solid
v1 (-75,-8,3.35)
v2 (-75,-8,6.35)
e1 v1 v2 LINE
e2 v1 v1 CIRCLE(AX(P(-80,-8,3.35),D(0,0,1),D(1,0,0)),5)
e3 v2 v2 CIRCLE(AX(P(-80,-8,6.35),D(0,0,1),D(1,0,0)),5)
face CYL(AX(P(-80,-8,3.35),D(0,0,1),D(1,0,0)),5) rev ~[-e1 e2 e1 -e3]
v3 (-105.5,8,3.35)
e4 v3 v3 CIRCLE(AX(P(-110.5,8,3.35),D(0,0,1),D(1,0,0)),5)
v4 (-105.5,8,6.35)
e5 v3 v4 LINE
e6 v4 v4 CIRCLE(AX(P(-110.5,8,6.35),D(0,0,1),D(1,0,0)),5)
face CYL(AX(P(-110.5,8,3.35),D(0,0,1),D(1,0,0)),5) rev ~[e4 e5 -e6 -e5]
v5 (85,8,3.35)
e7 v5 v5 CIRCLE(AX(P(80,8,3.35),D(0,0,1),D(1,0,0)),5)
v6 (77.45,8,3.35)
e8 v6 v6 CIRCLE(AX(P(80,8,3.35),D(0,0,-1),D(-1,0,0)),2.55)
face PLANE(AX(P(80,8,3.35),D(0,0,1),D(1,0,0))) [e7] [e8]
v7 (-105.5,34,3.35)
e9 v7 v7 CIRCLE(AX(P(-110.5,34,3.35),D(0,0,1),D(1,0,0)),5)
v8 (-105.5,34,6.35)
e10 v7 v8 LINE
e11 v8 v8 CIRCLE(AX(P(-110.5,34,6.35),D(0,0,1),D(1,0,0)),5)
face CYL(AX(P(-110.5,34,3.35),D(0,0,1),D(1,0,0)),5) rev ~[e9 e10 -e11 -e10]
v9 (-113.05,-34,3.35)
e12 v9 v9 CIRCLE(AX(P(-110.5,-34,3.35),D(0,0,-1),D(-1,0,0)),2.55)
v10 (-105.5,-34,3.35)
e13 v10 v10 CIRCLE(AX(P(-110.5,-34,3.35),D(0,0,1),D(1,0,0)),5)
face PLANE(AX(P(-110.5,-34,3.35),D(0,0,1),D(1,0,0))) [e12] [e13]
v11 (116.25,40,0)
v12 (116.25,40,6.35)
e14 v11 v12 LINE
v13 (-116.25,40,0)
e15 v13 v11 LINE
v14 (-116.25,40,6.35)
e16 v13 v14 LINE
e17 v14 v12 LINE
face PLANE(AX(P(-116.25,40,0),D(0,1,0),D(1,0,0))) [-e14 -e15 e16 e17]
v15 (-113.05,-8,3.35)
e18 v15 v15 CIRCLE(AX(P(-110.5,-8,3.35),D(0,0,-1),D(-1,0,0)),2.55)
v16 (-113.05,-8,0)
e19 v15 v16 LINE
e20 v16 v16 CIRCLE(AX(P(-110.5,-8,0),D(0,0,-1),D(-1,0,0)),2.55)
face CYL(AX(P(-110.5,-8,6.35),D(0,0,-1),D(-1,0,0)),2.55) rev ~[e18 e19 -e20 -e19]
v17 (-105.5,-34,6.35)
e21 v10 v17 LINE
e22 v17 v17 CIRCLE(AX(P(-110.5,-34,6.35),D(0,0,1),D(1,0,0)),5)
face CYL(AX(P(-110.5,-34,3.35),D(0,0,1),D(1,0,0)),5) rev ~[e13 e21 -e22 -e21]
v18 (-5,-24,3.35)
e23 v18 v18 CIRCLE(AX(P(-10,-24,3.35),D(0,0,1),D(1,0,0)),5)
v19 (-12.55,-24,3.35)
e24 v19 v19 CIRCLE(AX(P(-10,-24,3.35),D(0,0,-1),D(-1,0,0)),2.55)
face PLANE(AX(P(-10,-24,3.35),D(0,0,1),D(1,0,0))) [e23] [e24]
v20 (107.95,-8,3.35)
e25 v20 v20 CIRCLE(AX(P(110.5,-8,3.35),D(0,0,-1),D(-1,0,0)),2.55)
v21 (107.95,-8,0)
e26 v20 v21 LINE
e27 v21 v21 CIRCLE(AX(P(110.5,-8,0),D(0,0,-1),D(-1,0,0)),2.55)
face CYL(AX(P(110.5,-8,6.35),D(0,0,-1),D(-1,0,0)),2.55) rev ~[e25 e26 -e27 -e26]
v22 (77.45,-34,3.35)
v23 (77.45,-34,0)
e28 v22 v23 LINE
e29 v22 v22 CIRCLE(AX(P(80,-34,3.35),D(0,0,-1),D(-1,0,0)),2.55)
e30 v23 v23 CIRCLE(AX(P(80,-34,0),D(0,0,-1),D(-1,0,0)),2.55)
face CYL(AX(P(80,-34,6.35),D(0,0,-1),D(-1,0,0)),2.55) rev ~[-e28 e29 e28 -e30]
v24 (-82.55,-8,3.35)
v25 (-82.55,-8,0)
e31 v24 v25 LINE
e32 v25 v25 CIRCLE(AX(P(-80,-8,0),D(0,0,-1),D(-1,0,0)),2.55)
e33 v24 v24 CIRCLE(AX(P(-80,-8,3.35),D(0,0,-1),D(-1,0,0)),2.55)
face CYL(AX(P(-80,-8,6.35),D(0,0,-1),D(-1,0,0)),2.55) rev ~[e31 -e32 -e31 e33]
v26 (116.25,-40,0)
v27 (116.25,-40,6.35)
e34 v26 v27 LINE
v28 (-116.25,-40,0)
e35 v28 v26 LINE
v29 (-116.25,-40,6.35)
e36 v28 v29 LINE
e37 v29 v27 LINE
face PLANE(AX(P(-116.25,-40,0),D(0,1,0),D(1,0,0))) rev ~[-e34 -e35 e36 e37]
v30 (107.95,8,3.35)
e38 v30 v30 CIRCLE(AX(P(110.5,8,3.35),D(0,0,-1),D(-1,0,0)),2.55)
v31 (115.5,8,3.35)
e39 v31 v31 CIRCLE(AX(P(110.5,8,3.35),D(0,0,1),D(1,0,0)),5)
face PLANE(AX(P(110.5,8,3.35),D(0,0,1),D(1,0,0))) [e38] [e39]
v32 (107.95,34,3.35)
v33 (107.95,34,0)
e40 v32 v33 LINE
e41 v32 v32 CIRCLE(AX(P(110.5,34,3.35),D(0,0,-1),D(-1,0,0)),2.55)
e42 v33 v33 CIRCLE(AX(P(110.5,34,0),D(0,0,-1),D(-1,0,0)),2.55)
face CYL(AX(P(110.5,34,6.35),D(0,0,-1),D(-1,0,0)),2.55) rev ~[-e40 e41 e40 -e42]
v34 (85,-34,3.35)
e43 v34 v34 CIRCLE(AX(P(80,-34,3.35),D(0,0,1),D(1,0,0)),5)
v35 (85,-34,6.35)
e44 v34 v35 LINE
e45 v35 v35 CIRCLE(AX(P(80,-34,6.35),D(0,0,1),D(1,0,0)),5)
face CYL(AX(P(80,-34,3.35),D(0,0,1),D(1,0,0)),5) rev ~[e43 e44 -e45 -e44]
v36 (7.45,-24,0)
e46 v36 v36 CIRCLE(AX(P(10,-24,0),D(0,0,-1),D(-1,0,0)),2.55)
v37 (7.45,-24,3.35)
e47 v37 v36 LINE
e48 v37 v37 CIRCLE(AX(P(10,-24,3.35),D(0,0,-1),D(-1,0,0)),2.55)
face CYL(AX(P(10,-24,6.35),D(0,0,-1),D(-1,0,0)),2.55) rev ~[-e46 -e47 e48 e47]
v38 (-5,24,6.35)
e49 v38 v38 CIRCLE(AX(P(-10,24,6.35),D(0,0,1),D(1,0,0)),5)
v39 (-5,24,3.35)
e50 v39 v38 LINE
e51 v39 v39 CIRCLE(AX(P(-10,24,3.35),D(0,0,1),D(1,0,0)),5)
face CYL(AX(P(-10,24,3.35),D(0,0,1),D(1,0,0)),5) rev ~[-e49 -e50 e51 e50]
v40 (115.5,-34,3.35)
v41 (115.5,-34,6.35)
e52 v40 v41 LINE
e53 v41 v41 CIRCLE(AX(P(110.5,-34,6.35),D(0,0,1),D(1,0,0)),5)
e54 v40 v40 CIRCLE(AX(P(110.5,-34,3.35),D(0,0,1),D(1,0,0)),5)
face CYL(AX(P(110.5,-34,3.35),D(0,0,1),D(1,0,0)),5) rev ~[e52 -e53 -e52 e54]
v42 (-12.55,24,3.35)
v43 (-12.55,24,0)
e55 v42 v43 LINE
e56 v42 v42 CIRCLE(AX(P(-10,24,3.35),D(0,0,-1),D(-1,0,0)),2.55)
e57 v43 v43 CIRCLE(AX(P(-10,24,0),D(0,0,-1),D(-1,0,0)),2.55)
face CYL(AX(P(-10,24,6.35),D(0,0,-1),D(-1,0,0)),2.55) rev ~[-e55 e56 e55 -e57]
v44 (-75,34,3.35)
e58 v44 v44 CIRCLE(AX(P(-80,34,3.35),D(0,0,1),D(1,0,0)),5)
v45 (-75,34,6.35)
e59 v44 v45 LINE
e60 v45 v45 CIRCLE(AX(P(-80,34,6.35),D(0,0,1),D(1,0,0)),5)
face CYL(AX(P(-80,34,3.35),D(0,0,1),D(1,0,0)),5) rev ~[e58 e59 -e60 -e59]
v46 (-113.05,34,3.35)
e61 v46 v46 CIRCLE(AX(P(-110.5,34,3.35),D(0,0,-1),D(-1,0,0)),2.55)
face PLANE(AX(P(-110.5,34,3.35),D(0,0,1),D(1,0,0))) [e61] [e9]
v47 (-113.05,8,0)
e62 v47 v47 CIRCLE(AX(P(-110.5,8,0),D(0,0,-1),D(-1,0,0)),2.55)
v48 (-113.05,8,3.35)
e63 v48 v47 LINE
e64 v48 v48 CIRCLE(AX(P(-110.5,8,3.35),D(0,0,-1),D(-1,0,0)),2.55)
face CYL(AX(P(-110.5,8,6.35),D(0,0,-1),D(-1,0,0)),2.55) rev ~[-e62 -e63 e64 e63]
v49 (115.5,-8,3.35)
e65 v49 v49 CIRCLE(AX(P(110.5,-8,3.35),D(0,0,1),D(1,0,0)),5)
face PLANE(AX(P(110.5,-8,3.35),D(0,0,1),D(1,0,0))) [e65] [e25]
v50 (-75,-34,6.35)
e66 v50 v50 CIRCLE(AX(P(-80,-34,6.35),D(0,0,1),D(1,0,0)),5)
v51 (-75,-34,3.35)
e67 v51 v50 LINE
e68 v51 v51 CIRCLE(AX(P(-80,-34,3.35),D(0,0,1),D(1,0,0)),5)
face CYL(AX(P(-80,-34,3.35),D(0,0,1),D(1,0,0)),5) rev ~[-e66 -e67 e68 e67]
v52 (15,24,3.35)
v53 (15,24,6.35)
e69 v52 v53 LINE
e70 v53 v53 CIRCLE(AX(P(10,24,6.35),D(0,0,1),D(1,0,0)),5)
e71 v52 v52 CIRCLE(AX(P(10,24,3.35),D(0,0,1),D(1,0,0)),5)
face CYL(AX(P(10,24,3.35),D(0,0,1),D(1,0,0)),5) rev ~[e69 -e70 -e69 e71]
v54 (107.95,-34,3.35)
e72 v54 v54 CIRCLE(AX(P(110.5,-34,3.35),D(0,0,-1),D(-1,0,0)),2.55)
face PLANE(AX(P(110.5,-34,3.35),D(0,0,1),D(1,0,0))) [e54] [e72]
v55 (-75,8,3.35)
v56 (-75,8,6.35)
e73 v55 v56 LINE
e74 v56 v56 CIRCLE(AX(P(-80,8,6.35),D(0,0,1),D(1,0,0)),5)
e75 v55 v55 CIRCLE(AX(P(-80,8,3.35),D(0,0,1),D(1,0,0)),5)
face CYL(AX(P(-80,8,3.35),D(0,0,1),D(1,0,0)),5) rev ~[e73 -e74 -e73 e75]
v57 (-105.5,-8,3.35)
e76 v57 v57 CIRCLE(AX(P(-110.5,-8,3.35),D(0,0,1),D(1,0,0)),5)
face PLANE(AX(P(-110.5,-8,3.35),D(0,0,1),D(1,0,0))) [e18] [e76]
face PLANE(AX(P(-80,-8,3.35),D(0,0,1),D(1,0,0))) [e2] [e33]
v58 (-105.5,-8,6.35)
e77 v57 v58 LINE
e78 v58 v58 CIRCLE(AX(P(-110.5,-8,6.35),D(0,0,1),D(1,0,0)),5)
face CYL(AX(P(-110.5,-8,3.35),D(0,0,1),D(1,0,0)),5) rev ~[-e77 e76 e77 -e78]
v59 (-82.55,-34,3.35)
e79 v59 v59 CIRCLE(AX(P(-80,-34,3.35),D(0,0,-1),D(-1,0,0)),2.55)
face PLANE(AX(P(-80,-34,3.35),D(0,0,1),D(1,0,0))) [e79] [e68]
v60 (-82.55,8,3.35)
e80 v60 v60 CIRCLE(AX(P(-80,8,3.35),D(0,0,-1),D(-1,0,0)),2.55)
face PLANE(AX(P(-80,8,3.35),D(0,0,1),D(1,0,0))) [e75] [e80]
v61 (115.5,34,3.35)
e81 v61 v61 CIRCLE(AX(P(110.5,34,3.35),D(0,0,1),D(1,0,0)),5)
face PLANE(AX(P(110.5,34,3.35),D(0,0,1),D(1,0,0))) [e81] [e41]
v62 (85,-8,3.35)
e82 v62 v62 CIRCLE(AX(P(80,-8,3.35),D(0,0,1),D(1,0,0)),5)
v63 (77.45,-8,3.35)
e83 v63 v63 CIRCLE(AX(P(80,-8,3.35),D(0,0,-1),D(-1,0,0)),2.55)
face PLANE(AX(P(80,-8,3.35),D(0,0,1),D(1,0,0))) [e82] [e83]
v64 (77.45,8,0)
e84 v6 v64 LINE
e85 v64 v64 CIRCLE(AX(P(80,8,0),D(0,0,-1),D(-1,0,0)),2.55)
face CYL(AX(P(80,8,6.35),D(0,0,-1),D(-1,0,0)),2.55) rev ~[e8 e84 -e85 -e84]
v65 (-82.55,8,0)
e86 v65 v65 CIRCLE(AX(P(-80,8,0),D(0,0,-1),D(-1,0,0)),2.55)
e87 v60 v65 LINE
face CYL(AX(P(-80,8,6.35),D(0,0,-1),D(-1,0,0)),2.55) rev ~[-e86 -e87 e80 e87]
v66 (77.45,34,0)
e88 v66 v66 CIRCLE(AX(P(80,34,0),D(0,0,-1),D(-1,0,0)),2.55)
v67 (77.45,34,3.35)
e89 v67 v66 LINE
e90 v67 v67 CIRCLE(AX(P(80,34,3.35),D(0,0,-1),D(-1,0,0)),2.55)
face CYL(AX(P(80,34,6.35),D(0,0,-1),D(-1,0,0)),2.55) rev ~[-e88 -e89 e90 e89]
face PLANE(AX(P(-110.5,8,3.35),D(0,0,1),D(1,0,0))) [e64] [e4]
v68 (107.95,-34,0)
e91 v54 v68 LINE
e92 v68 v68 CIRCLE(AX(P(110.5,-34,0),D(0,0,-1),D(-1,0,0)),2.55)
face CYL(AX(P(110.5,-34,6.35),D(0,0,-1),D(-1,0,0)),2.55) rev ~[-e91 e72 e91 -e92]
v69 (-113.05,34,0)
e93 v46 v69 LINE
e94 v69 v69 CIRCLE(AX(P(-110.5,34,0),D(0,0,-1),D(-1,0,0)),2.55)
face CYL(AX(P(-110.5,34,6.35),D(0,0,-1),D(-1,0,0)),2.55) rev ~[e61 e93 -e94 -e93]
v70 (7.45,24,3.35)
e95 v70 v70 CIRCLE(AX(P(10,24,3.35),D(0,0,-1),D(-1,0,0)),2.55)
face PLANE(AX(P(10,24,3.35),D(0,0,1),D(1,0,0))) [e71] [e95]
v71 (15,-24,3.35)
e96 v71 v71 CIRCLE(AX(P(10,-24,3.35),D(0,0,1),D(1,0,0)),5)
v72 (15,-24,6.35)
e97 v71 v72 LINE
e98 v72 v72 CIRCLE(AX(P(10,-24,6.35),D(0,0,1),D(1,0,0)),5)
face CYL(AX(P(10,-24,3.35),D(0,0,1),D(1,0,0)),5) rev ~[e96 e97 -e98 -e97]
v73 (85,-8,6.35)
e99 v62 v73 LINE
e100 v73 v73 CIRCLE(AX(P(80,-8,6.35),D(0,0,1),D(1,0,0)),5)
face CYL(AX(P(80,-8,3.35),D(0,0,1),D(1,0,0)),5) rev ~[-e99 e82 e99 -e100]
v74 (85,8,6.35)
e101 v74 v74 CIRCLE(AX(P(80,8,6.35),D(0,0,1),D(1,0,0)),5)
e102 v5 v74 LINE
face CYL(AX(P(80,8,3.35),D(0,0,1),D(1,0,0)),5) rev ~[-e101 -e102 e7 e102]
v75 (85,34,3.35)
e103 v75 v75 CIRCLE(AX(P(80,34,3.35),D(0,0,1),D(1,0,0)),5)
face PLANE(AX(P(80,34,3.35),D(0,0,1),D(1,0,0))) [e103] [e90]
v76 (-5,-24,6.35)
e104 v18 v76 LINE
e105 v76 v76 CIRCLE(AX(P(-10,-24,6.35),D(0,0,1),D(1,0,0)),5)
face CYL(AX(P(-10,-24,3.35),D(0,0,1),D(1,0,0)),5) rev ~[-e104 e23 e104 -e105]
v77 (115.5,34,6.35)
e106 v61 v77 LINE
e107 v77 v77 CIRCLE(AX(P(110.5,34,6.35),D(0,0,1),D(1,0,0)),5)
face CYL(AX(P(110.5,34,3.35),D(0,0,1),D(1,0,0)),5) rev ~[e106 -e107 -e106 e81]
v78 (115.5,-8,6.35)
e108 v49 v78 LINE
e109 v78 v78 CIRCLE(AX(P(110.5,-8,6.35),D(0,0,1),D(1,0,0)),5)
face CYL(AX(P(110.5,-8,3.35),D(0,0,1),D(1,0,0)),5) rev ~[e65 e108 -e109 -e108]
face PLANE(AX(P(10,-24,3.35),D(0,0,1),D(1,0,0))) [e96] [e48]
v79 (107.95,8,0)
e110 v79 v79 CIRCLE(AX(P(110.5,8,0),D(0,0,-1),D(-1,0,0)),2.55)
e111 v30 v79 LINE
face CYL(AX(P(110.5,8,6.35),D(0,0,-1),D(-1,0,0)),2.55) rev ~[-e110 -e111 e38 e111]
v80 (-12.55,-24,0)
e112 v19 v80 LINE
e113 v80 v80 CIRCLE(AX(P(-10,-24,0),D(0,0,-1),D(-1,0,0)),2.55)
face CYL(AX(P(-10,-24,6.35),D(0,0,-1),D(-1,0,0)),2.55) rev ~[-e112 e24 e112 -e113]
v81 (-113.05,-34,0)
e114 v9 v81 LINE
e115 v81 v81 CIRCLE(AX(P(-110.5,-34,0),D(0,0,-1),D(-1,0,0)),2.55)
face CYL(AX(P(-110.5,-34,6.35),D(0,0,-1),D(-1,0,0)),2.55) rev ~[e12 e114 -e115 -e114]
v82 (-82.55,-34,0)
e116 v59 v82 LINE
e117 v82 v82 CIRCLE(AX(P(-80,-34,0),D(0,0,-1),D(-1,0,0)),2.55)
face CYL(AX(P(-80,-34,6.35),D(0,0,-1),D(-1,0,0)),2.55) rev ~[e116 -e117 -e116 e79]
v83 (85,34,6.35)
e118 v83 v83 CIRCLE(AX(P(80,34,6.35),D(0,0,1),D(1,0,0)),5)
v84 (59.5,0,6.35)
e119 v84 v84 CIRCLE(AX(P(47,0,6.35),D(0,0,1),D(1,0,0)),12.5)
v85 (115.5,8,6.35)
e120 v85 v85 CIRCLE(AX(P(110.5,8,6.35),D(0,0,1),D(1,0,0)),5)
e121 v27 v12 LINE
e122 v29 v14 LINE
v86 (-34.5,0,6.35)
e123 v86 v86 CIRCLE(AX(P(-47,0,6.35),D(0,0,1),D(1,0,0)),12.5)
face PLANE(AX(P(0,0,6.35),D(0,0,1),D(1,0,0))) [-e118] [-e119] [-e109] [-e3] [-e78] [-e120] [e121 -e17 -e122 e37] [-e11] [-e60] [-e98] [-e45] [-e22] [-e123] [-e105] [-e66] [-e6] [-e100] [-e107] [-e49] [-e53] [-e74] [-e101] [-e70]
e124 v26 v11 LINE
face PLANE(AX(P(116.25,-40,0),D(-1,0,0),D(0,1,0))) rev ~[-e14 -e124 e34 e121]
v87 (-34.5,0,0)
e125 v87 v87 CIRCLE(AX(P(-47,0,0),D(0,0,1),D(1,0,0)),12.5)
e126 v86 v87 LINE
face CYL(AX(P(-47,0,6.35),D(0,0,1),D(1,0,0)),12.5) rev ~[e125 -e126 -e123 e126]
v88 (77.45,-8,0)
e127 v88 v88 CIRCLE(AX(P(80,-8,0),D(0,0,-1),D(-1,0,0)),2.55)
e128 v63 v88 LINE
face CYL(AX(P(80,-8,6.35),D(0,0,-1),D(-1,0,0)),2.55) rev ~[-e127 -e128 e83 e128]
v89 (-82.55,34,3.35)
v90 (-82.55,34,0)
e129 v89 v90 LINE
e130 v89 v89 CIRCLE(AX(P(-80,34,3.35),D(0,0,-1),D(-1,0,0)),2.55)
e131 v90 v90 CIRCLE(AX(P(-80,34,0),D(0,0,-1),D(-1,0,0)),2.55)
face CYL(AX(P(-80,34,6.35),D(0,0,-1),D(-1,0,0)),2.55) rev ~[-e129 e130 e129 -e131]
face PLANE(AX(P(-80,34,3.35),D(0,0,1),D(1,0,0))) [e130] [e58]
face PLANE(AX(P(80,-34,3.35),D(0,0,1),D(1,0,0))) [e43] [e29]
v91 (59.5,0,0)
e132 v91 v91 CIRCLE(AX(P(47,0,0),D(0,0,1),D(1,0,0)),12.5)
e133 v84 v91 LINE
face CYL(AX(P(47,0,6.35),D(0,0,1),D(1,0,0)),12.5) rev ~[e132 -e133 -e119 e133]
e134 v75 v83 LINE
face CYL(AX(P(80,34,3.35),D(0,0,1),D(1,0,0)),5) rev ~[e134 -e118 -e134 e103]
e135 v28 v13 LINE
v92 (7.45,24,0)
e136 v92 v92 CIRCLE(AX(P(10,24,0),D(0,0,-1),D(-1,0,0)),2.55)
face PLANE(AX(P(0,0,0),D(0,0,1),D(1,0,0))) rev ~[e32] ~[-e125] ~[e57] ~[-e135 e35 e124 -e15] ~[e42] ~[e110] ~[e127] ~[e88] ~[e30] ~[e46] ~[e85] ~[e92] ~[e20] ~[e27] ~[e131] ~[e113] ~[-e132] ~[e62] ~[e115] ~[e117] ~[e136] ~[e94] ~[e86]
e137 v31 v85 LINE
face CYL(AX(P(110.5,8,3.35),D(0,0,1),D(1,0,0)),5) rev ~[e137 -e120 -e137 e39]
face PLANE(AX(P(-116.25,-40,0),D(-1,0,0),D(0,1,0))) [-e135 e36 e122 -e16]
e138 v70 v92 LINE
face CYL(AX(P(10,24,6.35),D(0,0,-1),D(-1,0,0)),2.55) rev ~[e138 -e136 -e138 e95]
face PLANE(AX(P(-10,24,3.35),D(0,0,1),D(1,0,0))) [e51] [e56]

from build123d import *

# Parameters (mm, degrees)
SKETCH023_W      = 232.5
SKETCH023_H      = 80
PAD011_DEPTH     = 6.35
HOLE_D           = 5.1
HOLE_CBORE_D     = 10
HOLE_CBORE_DEPTH = 3
SKETCH025_R      = 12.5
POCKET011_DEPTH  = 6.351


with BuildPart() as part:
    # Sketch023 → Pad011 (new body)
    with BuildSketch(Plane.XY):
        Rectangle(SKETCH023_W, SKETCH023_H)
    extrude(amount=PAD011_DEPTH)

    # Hole (through all)
    with Locations(Plane.XY.offset(6.35)):
        with Locations((-110.5, 34), (-110.5, 8), (-80, 34), (-80, 8), (80, 34), (80, 8), (110.5, 34), (110.5, 8), (-110.5, -8), (-110.5, -34), (-80, -8), (-80, -34), (80, -8), (80, -34), (110.5, -8), (110.5, -34), (-10, 24), (10, 24), (10, -24), (-10, -24)):
            CounterBoreHole(HOLE_D / 2, HOLE_CBORE_D / 2, HOLE_CBORE_DEPTH)

    # Sketch025 → Pocket011 (cut, through all)
    with BuildSketch(Plane.XY.offset(6.35)):
        with Locations((-47, 0)):
            Circle(SKETCH025_R)
        with Locations((47, 0)):
            Circle(SKETCH025_R)
    extrude(amount=-POCKET011_DEPTH, mode=Mode.SUBTRACT)


solid = part.part
